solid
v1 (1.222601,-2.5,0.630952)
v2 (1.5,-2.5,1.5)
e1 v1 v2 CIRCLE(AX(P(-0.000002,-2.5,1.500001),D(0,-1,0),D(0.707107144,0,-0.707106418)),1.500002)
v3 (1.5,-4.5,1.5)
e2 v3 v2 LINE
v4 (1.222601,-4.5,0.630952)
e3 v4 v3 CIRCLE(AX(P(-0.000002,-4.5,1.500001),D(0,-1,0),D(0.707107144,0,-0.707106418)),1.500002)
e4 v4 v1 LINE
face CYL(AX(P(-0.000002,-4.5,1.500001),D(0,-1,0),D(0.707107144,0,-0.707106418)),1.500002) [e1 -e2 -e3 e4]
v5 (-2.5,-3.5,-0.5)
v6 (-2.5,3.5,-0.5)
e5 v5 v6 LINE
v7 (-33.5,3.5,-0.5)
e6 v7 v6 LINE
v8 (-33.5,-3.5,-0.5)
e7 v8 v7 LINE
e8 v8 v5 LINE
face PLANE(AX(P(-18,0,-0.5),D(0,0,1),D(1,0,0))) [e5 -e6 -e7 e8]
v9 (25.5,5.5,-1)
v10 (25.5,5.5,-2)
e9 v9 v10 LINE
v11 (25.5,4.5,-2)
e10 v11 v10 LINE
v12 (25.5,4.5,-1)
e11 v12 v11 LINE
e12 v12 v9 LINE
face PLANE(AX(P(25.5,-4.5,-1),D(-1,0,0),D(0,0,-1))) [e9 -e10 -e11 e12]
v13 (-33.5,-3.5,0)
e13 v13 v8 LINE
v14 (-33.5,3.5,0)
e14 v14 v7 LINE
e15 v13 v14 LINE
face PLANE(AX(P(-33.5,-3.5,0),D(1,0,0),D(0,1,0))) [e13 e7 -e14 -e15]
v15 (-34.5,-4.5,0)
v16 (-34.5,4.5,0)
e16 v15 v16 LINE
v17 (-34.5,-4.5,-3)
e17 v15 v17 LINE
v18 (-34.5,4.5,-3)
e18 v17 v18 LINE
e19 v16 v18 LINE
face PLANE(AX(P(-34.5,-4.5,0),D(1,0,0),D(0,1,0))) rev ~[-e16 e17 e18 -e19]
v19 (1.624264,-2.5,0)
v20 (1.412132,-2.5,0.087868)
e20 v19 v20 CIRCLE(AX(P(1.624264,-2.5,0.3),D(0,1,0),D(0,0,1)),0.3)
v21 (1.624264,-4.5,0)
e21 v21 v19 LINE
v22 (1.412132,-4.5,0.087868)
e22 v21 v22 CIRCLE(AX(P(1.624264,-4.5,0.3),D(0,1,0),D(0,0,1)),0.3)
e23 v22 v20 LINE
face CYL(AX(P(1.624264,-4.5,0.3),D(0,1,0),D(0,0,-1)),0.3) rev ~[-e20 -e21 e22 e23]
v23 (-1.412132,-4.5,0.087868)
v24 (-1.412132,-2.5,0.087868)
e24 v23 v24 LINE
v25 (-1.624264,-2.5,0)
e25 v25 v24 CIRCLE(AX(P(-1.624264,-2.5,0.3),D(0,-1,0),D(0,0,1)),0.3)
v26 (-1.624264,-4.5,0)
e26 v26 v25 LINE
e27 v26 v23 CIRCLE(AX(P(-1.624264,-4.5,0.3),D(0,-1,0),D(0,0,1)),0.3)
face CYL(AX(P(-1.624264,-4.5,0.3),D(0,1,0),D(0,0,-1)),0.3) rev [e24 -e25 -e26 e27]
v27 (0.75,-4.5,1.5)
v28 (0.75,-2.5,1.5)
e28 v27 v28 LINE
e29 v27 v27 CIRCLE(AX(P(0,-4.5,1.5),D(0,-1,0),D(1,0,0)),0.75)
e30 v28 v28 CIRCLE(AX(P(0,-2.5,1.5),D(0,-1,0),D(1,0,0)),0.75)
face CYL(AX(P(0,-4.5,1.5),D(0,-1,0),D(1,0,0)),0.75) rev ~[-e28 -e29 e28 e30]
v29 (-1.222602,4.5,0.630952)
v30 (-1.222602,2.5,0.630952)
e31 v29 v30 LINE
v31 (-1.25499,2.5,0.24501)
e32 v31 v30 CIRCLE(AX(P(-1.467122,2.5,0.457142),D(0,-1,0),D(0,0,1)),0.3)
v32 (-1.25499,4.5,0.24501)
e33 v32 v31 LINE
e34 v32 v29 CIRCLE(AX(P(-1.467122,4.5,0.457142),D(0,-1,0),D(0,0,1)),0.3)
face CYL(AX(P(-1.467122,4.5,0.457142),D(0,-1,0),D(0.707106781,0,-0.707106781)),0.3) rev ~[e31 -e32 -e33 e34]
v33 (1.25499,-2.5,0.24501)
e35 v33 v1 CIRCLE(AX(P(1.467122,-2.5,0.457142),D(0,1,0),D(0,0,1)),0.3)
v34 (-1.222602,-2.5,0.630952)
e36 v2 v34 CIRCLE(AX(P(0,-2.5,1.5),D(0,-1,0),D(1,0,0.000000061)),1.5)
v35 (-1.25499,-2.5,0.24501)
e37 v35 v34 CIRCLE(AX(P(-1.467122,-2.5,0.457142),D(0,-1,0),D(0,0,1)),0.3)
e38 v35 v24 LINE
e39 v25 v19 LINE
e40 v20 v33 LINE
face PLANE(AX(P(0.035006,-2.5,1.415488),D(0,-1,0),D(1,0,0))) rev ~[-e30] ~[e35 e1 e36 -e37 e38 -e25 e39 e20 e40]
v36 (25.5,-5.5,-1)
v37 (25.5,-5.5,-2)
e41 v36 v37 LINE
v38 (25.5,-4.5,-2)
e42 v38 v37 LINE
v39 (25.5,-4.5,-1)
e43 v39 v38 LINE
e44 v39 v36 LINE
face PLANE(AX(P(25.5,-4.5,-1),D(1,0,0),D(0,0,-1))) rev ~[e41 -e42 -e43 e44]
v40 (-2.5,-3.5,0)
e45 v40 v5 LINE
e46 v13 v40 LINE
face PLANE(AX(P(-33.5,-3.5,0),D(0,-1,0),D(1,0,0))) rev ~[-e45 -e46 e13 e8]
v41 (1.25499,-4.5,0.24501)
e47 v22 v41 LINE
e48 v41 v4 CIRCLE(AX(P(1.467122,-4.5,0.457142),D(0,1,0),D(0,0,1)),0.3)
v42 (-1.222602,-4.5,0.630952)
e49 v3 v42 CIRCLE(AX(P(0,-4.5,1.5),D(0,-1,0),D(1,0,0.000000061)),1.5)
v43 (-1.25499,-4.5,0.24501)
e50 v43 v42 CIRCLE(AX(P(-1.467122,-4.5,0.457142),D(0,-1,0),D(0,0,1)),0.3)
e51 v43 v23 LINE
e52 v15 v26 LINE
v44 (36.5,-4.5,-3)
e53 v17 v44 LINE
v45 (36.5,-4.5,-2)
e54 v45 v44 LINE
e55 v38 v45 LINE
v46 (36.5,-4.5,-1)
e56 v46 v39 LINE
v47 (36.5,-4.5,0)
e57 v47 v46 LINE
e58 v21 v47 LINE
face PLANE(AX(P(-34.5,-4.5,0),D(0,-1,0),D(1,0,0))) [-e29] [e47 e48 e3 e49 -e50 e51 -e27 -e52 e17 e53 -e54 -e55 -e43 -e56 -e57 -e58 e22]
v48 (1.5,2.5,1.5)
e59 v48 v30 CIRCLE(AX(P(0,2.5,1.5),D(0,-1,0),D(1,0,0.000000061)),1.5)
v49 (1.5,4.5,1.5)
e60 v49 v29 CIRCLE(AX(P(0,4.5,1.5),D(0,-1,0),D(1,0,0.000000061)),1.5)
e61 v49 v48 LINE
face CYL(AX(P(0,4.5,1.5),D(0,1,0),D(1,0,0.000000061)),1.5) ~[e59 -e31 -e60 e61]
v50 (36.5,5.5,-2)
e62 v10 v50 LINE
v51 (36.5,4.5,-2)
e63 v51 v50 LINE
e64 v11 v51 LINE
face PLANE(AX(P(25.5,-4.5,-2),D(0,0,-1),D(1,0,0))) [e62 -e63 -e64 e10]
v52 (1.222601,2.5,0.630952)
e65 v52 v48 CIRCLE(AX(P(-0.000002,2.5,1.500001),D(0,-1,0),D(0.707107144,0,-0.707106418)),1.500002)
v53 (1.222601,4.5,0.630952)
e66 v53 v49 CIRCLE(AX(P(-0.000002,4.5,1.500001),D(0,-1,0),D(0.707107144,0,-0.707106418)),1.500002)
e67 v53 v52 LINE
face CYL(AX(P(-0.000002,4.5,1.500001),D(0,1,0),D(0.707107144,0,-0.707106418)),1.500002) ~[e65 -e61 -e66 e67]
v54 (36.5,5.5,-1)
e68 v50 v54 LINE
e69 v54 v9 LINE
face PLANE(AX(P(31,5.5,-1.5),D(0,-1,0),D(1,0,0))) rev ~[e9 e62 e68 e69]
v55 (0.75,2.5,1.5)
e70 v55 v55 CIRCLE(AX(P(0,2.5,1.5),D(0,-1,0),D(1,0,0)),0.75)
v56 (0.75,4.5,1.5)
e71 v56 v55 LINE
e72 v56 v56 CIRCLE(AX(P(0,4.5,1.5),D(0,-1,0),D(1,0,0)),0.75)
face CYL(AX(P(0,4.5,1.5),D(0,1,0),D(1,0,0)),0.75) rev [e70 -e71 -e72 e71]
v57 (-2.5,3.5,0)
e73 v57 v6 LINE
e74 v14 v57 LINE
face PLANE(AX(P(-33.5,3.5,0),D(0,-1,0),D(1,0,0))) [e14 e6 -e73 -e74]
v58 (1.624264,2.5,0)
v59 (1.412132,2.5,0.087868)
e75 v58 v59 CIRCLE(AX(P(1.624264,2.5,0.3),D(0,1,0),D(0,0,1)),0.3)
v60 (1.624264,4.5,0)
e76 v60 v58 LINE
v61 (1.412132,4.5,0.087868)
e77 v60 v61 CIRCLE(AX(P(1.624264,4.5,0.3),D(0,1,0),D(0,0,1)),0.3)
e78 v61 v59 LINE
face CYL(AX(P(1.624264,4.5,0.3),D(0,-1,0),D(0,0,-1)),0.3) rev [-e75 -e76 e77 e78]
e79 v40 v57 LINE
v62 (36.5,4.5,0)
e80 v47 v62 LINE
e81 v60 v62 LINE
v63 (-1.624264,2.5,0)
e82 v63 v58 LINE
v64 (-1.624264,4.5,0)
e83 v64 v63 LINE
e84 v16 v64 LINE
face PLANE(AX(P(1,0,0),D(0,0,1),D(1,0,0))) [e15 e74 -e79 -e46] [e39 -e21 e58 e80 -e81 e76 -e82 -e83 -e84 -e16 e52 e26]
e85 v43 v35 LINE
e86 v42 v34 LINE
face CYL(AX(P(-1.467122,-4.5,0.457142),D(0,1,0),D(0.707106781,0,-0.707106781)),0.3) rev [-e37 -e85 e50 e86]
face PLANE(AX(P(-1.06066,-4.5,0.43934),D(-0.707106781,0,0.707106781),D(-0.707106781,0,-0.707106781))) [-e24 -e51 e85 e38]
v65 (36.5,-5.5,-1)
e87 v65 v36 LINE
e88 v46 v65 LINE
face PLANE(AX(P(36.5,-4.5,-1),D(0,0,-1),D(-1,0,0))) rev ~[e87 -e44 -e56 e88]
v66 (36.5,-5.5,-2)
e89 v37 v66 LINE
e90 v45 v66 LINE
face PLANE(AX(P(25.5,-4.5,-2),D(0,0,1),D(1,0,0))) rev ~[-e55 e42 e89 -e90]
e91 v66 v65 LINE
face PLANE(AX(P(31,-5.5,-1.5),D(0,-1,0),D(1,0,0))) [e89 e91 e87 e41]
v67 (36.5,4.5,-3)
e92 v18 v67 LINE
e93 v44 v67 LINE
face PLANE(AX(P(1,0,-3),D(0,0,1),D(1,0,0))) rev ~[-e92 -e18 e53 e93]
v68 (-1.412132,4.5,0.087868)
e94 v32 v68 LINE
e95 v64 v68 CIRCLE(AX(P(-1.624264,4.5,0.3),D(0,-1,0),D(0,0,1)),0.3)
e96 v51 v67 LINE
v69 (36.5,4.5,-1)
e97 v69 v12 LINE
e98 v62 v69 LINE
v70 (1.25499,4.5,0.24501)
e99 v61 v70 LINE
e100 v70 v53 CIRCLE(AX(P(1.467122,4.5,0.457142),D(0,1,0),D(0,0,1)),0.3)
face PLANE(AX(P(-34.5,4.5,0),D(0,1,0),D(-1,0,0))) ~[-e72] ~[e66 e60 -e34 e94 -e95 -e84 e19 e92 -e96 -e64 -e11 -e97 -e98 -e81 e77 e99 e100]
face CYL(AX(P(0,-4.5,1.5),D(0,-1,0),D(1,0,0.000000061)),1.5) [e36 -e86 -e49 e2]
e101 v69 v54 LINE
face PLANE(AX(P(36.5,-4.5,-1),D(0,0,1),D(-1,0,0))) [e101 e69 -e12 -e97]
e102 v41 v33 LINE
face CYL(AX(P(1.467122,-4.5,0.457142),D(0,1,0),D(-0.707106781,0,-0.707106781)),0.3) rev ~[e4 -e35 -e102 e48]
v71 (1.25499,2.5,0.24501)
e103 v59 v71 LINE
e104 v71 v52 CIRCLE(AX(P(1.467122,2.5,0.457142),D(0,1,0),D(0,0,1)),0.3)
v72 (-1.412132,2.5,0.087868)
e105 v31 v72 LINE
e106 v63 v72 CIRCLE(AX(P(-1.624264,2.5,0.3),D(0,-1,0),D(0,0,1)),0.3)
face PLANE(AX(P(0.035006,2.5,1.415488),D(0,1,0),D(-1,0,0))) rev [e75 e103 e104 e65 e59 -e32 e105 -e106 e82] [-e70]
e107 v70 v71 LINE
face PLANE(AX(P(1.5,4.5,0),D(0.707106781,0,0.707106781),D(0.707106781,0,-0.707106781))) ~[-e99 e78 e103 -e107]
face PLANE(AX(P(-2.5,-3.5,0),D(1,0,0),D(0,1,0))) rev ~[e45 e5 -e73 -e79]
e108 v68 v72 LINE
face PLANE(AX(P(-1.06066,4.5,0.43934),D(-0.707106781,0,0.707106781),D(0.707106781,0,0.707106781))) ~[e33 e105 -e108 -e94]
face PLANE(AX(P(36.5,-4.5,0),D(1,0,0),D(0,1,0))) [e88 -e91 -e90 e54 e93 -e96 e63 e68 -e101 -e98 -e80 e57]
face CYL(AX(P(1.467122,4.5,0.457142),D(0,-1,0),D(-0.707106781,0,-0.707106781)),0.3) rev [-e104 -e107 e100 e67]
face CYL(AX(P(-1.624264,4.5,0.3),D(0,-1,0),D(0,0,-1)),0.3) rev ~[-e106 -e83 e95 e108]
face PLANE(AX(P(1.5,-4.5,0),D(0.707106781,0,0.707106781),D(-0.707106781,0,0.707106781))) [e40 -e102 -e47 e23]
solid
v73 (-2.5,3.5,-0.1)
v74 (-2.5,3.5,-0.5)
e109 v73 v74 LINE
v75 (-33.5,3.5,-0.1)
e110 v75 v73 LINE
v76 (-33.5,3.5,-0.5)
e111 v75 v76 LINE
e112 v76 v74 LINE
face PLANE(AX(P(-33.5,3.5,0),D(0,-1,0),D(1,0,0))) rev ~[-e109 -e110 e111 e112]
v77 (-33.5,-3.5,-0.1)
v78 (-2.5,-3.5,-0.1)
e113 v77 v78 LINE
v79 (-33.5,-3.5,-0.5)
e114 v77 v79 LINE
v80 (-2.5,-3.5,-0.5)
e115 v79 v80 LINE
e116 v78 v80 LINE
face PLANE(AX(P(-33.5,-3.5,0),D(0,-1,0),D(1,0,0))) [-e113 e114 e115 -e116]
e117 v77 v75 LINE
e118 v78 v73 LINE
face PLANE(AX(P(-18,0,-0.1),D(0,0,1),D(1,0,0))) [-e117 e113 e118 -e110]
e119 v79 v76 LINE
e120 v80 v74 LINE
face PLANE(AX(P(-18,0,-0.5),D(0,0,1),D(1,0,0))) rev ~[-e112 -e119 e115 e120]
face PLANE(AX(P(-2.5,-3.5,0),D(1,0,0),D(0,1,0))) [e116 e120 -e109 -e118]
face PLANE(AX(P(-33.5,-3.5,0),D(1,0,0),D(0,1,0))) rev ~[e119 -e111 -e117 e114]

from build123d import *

# Parameters (mm, degrees)
F0_W          = 71
F0_H          = 9
F0_W_2        = 31
F0_H_2        = 7
F1_DEPTH      = 3
F3_R          = 0.75
F4_DEPTH      = 2
F5_R          = 0.3
F7_DEPTH      = 1
F7_DEPTH_BACK = 10
F8_DEPTH      = 0.5
F9_DEPTH      = 0.5
F10_DEPTH     = 0.1


with BuildPart() as f1:
    # F0 (on Top) → F1 (new body)
    with BuildSketch(Plane.XY):
        with Locations((1, 0)):
            Rectangle(F0_W, F0_H)
        with Locations((-18, 0)):
            Rectangle(F0_W_2, F0_H_2, mode=Mode.SUBTRACT)
        with Locations((-18, 0)):
            Rectangle(F0_W_2, F0_H_2)
    extrude(amount=-F1_DEPTH)

    # F3 (on offset) → F4 (join)
    with BuildSketch(Plane.XZ.offset(4.5)):
        with BuildLine():
            ThreePointArc((1.06066, 0.43934), (1.385819, 0.925975), (1.5, 1.5))
            ThreePointArc((1.5, 1.5), (-0.574025, 2.885819), (-1.06066, 0.43934))
            ThreePointArc((-1.06066, 0.43934), (-0.574025, 0.114181), (0, 0))
            ThreePointArc((0, 0), (0.574025, 0.114181), (1.06066, 0.43934))
        make_face()
        with Locations((0, 1.5)):
            Circle(F3_R, mode=Mode.SUBTRACT)
        with BuildLine():
            ThreePointArc((0, 0), (-0.574025, 0.114181), (-1.06066, 0.43934))
            Line((-1.06066, 0.43934), (-1.5, 0))
            Line((-1.5, 0), (0, 0))
        make_face()
        with BuildLine():
            Line((1.5, 0), (1.06066, 0.43934))
            ThreePointArc((1.06066, 0.43934), (0.574025, 0.114181), (0, 0))
            Line((0, 0), (1.5, 0))
        make_face()
    extrude(amount=-F4_DEPTH)

    # F5
    f5_edges = [f1.edges().sort_by_distance(p)[0] for p in [
        (1.06066, -3.5, 0.43934),
        (-1.06066, -3.5, 0.43934),
        (-1.5, -3.5, 0),
        (1.5, -3.5, 0),
    ]]
    fillet(f5_edges, radius=F5_R)

    # F6: F1 across plane


with BuildPart() as f1_1:
    add(f1.part)
    add(f1.part.mirror(Plane.XZ))

    # F3 (on offset) → F7 (join, two sides)
    with BuildSketch(Plane.XZ.offset(4.5)) as f7_sk:
        Polygon((36.5, -2), (36.5, -1), (35.5, -1), (25.5, -1), (25.5, -2), (35.5, -2), align=None)
    extrude(amount=F7_DEPTH)
    extrude(f7_sk.sketch, amount=-F7_DEPTH_BACK)

    # F0 (on Top) → F8 (cut)
    with BuildSketch(Plane.XY):
        with Locations((-18, 0)):
            Rectangle(F0_W_2, F0_H_2)
    extrude(amount=-F8_DEPTH, mode=Mode.SUBTRACT)


with BuildPart() as f9:
    # F0 (on Top) → F9 (new body)
    with BuildSketch(Plane.XY):
        with Locations((-18, 0)):
            Rectangle(F0_W_2, F0_H_2)
    extrude(amount=-F9_DEPTH)

    # F0 (on Top) → F10 (cut)
    with BuildSketch(Plane.XY):
        with Locations((-18, 0)):
            Rectangle(F0_W_2, F0_H_2)
    extrude(amount=-F10_DEPTH, mode=Mode.SUBTRACT)


solid = Compound([f1_1.part, f9.part])
